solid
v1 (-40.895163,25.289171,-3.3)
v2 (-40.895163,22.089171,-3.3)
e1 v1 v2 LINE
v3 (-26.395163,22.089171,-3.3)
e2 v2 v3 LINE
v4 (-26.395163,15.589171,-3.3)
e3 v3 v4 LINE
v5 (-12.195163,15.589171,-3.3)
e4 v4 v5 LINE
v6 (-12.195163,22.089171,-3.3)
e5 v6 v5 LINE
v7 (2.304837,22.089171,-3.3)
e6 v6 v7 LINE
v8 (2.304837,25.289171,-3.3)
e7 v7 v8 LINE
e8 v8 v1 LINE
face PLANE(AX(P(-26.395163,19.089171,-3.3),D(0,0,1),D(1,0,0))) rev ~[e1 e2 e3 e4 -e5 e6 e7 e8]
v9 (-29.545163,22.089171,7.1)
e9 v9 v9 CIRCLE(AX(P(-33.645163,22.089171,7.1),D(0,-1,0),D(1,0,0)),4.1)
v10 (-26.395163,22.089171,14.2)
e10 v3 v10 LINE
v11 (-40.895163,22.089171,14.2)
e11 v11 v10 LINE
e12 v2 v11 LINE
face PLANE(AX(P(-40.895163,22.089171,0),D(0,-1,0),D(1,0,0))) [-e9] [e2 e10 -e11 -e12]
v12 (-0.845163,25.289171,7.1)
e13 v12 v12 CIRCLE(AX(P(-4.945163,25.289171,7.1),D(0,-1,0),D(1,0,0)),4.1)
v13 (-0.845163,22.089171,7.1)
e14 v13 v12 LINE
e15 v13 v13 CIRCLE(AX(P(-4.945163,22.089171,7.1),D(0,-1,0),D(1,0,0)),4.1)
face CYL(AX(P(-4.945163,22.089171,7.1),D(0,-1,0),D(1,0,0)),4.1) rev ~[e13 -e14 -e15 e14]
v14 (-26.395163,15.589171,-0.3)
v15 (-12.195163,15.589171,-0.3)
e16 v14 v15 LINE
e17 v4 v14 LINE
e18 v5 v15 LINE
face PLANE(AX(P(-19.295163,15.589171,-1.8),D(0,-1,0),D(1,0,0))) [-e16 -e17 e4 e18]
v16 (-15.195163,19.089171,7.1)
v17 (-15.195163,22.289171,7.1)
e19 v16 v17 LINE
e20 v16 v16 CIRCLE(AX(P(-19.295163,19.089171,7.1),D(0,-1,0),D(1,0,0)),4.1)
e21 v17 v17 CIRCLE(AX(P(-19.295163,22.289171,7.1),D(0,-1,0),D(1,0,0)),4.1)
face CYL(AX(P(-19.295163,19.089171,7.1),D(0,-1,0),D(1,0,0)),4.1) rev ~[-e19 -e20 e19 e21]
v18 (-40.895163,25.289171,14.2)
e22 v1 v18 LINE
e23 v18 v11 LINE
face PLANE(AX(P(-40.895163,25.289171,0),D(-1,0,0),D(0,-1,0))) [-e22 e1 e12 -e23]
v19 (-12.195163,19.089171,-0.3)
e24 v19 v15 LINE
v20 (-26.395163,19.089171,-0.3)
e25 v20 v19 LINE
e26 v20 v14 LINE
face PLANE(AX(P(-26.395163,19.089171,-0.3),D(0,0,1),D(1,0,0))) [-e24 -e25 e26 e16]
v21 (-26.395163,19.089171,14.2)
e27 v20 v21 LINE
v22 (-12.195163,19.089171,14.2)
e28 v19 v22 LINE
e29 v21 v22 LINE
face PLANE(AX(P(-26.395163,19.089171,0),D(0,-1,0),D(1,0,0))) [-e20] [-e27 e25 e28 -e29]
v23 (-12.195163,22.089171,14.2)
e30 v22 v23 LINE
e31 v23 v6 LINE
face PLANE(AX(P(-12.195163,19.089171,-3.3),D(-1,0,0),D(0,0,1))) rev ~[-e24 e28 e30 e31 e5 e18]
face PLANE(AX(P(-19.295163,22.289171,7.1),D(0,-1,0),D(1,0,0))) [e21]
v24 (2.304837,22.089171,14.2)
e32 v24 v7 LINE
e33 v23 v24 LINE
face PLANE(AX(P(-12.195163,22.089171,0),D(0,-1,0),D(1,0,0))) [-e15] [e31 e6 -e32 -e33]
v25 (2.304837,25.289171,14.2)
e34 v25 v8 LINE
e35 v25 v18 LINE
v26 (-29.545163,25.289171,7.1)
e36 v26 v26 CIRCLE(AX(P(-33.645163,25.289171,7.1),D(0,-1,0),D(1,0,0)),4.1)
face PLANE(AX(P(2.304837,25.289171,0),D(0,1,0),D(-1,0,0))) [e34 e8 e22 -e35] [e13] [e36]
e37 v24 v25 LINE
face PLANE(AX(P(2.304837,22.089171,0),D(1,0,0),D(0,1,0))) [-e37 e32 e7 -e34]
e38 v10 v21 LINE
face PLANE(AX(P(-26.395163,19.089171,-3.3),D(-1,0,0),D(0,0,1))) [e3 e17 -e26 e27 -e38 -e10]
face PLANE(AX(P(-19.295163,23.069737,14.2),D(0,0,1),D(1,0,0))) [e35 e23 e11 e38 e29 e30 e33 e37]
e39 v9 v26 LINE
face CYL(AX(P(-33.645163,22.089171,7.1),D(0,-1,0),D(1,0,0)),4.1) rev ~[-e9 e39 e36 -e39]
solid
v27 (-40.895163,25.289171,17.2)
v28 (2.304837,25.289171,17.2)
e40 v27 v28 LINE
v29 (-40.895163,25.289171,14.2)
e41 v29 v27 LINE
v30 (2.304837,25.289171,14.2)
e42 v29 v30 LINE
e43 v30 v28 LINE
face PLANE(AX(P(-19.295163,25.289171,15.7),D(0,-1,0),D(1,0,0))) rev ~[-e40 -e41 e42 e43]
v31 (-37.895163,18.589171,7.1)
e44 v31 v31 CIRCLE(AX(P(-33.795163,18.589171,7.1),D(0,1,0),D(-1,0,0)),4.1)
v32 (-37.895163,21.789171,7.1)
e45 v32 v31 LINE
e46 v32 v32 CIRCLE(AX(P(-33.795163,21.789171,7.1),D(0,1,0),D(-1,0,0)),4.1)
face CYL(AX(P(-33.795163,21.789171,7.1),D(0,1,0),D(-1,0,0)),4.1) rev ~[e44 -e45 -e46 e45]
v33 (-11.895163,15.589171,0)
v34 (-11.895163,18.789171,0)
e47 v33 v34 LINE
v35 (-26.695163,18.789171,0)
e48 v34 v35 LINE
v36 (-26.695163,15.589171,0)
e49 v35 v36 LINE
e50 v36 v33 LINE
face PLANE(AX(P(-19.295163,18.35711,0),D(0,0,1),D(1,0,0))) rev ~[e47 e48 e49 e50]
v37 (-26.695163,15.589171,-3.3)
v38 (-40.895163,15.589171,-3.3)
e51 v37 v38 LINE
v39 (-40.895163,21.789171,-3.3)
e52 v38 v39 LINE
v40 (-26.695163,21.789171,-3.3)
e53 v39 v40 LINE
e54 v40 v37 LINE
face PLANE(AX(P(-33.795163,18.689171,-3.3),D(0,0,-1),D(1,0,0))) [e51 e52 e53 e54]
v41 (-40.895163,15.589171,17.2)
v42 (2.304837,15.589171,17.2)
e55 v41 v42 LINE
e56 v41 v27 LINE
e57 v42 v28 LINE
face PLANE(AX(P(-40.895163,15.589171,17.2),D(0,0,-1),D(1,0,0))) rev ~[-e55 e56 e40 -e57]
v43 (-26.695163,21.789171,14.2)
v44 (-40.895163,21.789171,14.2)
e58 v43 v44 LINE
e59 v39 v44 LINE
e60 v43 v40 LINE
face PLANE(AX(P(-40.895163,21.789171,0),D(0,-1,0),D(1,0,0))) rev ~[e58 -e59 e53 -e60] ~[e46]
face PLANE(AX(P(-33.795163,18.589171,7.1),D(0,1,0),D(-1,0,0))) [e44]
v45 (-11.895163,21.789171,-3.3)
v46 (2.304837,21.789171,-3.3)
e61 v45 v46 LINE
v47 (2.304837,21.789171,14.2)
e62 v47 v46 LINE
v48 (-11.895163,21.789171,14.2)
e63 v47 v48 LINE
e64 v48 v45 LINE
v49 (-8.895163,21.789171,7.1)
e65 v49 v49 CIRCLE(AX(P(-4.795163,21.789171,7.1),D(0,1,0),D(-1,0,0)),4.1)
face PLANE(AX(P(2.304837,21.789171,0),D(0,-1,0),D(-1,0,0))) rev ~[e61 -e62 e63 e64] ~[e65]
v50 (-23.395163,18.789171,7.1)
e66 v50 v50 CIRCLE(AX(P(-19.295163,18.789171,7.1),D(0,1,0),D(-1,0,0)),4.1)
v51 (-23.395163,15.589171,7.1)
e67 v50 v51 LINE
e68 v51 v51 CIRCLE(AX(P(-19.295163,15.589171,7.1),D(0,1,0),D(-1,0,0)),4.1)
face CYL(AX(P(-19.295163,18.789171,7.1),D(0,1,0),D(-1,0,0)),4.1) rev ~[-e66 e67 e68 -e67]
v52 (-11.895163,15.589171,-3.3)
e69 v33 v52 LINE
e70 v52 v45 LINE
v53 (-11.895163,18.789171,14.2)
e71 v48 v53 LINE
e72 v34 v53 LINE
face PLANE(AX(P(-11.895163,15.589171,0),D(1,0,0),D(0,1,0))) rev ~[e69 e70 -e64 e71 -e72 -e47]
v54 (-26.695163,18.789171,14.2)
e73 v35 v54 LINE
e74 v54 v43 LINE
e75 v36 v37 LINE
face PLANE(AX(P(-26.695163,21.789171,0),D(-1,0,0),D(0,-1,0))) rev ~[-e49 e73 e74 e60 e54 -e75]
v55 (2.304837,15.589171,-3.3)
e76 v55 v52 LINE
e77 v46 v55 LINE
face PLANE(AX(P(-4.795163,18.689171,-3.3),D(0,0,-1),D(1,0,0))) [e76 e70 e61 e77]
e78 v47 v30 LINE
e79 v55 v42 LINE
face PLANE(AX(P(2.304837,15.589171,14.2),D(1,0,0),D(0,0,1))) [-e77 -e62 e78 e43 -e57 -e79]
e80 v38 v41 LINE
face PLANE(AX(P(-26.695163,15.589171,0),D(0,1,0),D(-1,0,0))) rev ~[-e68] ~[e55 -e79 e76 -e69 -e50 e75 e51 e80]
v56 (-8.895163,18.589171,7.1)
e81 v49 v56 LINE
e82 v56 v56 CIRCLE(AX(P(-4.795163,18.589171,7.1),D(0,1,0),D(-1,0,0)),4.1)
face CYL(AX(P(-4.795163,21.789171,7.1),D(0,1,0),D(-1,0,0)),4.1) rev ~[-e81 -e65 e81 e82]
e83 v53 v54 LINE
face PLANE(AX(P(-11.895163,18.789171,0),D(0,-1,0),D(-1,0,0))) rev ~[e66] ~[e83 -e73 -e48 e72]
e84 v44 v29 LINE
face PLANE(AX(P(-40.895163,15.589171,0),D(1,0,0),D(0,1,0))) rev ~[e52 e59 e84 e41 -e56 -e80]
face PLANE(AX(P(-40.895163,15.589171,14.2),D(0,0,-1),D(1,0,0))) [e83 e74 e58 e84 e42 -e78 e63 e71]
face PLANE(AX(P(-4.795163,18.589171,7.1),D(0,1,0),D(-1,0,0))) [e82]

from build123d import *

# Parameters (mm, degrees)
F1_DEPTH  = 14.2
F2_DEPTH  = 14.2
F4_R      = 4.1
F3_R      = 4.1
F5_DEPTH  = 3.2
F6_R      = 4.1
F7_DEPTH  = 3.201
F9_R      = 4.1
F8_R      = 4.1
F11_DEPTH = 3.2
F10_R     = 4.1
F12_DEPTH = 3.2
F13_W     = 43.2
F13_H     = 3
F14_DEPTH = 9.7
F16_DEPTH = 3.3
F17_DEPTH = 3.3
F18_W     = 14.2
F18_H     = 3
F19_DEPTH = 3.5


with BuildPart() as f1:
    # F0 (on Top) → F1 (new body)
    with BuildSketch(Plane.XY):
        Polygon((-40.8951626662, 21.7891706413), (-40.8951626662, 15.5891706413), (2.3048373338, 15.5891706413), (2.3048373338, 21.7891706413), (-11.8951626662, 21.7891706413), (-11.8951626662, 18.7891706413), (-26.6951626662, 18.7891706413), (-26.6951626662, 21.7891706413), align=None)
    extrude(amount=F1_DEPTH)

    # F4 (on face) + F3 (on face) → F5 (cut)
    with BuildSketch(Plane(origin=(0, 21.7891706413, 0), x_dir=(-1, 0, 0), z_dir=(0, 1, 0))):
        with Locations((4.7951626662, 7.1)):
            Circle(F4_R)
    with BuildSketch(Plane(origin=(0, 21.7891706413, 0), x_dir=(-1, 0, 0), z_dir=(0, 1, 0))):
        with Locations((33.7951626662, 7.1)):
            Circle(F3_R)
    extrude(amount=-F5_DEPTH, mode=Mode.SUBTRACT)

    # F6 (on face) → F7 (cut, through all)
    with BuildSketch(Plane(origin=(0, 18.7891706413, 0), x_dir=(-1, 0, 0), z_dir=(0, 1, 0))):
        with Locations((19.2951626662, 7.1)):
            Circle(F6_R)
    extrude(amount=-F7_DEPTH, mode=Mode.SUBTRACT)

    # F13 (on face) → F14 (join, through all)
    with BuildSketch(Plane.XZ.offset(-15.5891706413)):
        with Locations((-19.2951626662, 15.7)):
            Rectangle(F13_W, F13_H)
    extrude(amount=-F14_DEPTH)

    # F15 (on face) → F16 (join)
    with BuildSketch(Plane(origin=(0, 0, 0), x_dir=(1, 0, 0), z_dir=(0, 0, -1))):
        Polygon((-40.8951626662, -21.7891706413), (-26.6951626662, -21.7891706413), (-26.6951626662, -18.7891706413), (-26.6951626662, -15.5891706413), (-40.8951626662, -15.5891706413), align=None)
        Polygon((-11.8951626662, -15.5891706413), (-11.8951626662, -18.7891706413), (-11.8951626662, -21.7891706413), (2.3048373338, -21.7891706413), (2.3048373338, -15.5891706413), align=None)
    extrude(amount=F16_DEPTH)


with BuildPart() as f2:
    # F0 (on Top) → F2 (new body)
    with BuildSketch(Plane.XY):
        Polygon((2.3048373338, 25.2891706413), (-40.8951626662, 25.2891706413), (-40.8951626662, 22.0891706413), (-26.3951626662, 22.0891706413), (-26.3951626662, 19.0891706413), (-12.1951626662, 19.0891706413), (-12.1951626662, 22.0891706413), (2.3048373338, 22.0891706413), align=None)
    extrude(amount=F2_DEPTH)

    # F9 (on face) + F8 (on face) → F11 (cut)
    with BuildSketch(Plane.XZ.offset(-22.0891706413)):
        with Locations((-4.9451626662, 7.1)):
            Circle(F9_R)
    with BuildSketch(Plane.XZ.offset(-22.0891706413)):
        with Locations((-33.6451626662, 7.1)):
            Circle(F8_R)
    extrude(amount=-F11_DEPTH, mode=Mode.SUBTRACT)

    # F10 (on face) → F12 (cut)
    with BuildSketch(Plane.XZ.offset(-19.0891706413)):
        with Locations((-19.2951626662, 7.1)):
            Circle(F10_R)
    extrude(amount=-F12_DEPTH, mode=Mode.SUBTRACT)

    # F17 (add, through all): a face of the model
    f17_faces = [f2.faces().sort_by_distance(p)[0] for p in [
        (-19.2951626662, 22.958911849, 0),
    ]]
    extrude(f17_faces, amount=F17_DEPTH)

    # F18 (on face) → F19 (join, through all)
    with BuildSketch(Plane.XZ.offset(-19.0891706413)):
        with Locations((-19.2951626662, -1.8)):
            Rectangle(F18_W, F18_H)
    extrude(amount=F19_DEPTH)


solid = Compound([f1.part, f2.part])
